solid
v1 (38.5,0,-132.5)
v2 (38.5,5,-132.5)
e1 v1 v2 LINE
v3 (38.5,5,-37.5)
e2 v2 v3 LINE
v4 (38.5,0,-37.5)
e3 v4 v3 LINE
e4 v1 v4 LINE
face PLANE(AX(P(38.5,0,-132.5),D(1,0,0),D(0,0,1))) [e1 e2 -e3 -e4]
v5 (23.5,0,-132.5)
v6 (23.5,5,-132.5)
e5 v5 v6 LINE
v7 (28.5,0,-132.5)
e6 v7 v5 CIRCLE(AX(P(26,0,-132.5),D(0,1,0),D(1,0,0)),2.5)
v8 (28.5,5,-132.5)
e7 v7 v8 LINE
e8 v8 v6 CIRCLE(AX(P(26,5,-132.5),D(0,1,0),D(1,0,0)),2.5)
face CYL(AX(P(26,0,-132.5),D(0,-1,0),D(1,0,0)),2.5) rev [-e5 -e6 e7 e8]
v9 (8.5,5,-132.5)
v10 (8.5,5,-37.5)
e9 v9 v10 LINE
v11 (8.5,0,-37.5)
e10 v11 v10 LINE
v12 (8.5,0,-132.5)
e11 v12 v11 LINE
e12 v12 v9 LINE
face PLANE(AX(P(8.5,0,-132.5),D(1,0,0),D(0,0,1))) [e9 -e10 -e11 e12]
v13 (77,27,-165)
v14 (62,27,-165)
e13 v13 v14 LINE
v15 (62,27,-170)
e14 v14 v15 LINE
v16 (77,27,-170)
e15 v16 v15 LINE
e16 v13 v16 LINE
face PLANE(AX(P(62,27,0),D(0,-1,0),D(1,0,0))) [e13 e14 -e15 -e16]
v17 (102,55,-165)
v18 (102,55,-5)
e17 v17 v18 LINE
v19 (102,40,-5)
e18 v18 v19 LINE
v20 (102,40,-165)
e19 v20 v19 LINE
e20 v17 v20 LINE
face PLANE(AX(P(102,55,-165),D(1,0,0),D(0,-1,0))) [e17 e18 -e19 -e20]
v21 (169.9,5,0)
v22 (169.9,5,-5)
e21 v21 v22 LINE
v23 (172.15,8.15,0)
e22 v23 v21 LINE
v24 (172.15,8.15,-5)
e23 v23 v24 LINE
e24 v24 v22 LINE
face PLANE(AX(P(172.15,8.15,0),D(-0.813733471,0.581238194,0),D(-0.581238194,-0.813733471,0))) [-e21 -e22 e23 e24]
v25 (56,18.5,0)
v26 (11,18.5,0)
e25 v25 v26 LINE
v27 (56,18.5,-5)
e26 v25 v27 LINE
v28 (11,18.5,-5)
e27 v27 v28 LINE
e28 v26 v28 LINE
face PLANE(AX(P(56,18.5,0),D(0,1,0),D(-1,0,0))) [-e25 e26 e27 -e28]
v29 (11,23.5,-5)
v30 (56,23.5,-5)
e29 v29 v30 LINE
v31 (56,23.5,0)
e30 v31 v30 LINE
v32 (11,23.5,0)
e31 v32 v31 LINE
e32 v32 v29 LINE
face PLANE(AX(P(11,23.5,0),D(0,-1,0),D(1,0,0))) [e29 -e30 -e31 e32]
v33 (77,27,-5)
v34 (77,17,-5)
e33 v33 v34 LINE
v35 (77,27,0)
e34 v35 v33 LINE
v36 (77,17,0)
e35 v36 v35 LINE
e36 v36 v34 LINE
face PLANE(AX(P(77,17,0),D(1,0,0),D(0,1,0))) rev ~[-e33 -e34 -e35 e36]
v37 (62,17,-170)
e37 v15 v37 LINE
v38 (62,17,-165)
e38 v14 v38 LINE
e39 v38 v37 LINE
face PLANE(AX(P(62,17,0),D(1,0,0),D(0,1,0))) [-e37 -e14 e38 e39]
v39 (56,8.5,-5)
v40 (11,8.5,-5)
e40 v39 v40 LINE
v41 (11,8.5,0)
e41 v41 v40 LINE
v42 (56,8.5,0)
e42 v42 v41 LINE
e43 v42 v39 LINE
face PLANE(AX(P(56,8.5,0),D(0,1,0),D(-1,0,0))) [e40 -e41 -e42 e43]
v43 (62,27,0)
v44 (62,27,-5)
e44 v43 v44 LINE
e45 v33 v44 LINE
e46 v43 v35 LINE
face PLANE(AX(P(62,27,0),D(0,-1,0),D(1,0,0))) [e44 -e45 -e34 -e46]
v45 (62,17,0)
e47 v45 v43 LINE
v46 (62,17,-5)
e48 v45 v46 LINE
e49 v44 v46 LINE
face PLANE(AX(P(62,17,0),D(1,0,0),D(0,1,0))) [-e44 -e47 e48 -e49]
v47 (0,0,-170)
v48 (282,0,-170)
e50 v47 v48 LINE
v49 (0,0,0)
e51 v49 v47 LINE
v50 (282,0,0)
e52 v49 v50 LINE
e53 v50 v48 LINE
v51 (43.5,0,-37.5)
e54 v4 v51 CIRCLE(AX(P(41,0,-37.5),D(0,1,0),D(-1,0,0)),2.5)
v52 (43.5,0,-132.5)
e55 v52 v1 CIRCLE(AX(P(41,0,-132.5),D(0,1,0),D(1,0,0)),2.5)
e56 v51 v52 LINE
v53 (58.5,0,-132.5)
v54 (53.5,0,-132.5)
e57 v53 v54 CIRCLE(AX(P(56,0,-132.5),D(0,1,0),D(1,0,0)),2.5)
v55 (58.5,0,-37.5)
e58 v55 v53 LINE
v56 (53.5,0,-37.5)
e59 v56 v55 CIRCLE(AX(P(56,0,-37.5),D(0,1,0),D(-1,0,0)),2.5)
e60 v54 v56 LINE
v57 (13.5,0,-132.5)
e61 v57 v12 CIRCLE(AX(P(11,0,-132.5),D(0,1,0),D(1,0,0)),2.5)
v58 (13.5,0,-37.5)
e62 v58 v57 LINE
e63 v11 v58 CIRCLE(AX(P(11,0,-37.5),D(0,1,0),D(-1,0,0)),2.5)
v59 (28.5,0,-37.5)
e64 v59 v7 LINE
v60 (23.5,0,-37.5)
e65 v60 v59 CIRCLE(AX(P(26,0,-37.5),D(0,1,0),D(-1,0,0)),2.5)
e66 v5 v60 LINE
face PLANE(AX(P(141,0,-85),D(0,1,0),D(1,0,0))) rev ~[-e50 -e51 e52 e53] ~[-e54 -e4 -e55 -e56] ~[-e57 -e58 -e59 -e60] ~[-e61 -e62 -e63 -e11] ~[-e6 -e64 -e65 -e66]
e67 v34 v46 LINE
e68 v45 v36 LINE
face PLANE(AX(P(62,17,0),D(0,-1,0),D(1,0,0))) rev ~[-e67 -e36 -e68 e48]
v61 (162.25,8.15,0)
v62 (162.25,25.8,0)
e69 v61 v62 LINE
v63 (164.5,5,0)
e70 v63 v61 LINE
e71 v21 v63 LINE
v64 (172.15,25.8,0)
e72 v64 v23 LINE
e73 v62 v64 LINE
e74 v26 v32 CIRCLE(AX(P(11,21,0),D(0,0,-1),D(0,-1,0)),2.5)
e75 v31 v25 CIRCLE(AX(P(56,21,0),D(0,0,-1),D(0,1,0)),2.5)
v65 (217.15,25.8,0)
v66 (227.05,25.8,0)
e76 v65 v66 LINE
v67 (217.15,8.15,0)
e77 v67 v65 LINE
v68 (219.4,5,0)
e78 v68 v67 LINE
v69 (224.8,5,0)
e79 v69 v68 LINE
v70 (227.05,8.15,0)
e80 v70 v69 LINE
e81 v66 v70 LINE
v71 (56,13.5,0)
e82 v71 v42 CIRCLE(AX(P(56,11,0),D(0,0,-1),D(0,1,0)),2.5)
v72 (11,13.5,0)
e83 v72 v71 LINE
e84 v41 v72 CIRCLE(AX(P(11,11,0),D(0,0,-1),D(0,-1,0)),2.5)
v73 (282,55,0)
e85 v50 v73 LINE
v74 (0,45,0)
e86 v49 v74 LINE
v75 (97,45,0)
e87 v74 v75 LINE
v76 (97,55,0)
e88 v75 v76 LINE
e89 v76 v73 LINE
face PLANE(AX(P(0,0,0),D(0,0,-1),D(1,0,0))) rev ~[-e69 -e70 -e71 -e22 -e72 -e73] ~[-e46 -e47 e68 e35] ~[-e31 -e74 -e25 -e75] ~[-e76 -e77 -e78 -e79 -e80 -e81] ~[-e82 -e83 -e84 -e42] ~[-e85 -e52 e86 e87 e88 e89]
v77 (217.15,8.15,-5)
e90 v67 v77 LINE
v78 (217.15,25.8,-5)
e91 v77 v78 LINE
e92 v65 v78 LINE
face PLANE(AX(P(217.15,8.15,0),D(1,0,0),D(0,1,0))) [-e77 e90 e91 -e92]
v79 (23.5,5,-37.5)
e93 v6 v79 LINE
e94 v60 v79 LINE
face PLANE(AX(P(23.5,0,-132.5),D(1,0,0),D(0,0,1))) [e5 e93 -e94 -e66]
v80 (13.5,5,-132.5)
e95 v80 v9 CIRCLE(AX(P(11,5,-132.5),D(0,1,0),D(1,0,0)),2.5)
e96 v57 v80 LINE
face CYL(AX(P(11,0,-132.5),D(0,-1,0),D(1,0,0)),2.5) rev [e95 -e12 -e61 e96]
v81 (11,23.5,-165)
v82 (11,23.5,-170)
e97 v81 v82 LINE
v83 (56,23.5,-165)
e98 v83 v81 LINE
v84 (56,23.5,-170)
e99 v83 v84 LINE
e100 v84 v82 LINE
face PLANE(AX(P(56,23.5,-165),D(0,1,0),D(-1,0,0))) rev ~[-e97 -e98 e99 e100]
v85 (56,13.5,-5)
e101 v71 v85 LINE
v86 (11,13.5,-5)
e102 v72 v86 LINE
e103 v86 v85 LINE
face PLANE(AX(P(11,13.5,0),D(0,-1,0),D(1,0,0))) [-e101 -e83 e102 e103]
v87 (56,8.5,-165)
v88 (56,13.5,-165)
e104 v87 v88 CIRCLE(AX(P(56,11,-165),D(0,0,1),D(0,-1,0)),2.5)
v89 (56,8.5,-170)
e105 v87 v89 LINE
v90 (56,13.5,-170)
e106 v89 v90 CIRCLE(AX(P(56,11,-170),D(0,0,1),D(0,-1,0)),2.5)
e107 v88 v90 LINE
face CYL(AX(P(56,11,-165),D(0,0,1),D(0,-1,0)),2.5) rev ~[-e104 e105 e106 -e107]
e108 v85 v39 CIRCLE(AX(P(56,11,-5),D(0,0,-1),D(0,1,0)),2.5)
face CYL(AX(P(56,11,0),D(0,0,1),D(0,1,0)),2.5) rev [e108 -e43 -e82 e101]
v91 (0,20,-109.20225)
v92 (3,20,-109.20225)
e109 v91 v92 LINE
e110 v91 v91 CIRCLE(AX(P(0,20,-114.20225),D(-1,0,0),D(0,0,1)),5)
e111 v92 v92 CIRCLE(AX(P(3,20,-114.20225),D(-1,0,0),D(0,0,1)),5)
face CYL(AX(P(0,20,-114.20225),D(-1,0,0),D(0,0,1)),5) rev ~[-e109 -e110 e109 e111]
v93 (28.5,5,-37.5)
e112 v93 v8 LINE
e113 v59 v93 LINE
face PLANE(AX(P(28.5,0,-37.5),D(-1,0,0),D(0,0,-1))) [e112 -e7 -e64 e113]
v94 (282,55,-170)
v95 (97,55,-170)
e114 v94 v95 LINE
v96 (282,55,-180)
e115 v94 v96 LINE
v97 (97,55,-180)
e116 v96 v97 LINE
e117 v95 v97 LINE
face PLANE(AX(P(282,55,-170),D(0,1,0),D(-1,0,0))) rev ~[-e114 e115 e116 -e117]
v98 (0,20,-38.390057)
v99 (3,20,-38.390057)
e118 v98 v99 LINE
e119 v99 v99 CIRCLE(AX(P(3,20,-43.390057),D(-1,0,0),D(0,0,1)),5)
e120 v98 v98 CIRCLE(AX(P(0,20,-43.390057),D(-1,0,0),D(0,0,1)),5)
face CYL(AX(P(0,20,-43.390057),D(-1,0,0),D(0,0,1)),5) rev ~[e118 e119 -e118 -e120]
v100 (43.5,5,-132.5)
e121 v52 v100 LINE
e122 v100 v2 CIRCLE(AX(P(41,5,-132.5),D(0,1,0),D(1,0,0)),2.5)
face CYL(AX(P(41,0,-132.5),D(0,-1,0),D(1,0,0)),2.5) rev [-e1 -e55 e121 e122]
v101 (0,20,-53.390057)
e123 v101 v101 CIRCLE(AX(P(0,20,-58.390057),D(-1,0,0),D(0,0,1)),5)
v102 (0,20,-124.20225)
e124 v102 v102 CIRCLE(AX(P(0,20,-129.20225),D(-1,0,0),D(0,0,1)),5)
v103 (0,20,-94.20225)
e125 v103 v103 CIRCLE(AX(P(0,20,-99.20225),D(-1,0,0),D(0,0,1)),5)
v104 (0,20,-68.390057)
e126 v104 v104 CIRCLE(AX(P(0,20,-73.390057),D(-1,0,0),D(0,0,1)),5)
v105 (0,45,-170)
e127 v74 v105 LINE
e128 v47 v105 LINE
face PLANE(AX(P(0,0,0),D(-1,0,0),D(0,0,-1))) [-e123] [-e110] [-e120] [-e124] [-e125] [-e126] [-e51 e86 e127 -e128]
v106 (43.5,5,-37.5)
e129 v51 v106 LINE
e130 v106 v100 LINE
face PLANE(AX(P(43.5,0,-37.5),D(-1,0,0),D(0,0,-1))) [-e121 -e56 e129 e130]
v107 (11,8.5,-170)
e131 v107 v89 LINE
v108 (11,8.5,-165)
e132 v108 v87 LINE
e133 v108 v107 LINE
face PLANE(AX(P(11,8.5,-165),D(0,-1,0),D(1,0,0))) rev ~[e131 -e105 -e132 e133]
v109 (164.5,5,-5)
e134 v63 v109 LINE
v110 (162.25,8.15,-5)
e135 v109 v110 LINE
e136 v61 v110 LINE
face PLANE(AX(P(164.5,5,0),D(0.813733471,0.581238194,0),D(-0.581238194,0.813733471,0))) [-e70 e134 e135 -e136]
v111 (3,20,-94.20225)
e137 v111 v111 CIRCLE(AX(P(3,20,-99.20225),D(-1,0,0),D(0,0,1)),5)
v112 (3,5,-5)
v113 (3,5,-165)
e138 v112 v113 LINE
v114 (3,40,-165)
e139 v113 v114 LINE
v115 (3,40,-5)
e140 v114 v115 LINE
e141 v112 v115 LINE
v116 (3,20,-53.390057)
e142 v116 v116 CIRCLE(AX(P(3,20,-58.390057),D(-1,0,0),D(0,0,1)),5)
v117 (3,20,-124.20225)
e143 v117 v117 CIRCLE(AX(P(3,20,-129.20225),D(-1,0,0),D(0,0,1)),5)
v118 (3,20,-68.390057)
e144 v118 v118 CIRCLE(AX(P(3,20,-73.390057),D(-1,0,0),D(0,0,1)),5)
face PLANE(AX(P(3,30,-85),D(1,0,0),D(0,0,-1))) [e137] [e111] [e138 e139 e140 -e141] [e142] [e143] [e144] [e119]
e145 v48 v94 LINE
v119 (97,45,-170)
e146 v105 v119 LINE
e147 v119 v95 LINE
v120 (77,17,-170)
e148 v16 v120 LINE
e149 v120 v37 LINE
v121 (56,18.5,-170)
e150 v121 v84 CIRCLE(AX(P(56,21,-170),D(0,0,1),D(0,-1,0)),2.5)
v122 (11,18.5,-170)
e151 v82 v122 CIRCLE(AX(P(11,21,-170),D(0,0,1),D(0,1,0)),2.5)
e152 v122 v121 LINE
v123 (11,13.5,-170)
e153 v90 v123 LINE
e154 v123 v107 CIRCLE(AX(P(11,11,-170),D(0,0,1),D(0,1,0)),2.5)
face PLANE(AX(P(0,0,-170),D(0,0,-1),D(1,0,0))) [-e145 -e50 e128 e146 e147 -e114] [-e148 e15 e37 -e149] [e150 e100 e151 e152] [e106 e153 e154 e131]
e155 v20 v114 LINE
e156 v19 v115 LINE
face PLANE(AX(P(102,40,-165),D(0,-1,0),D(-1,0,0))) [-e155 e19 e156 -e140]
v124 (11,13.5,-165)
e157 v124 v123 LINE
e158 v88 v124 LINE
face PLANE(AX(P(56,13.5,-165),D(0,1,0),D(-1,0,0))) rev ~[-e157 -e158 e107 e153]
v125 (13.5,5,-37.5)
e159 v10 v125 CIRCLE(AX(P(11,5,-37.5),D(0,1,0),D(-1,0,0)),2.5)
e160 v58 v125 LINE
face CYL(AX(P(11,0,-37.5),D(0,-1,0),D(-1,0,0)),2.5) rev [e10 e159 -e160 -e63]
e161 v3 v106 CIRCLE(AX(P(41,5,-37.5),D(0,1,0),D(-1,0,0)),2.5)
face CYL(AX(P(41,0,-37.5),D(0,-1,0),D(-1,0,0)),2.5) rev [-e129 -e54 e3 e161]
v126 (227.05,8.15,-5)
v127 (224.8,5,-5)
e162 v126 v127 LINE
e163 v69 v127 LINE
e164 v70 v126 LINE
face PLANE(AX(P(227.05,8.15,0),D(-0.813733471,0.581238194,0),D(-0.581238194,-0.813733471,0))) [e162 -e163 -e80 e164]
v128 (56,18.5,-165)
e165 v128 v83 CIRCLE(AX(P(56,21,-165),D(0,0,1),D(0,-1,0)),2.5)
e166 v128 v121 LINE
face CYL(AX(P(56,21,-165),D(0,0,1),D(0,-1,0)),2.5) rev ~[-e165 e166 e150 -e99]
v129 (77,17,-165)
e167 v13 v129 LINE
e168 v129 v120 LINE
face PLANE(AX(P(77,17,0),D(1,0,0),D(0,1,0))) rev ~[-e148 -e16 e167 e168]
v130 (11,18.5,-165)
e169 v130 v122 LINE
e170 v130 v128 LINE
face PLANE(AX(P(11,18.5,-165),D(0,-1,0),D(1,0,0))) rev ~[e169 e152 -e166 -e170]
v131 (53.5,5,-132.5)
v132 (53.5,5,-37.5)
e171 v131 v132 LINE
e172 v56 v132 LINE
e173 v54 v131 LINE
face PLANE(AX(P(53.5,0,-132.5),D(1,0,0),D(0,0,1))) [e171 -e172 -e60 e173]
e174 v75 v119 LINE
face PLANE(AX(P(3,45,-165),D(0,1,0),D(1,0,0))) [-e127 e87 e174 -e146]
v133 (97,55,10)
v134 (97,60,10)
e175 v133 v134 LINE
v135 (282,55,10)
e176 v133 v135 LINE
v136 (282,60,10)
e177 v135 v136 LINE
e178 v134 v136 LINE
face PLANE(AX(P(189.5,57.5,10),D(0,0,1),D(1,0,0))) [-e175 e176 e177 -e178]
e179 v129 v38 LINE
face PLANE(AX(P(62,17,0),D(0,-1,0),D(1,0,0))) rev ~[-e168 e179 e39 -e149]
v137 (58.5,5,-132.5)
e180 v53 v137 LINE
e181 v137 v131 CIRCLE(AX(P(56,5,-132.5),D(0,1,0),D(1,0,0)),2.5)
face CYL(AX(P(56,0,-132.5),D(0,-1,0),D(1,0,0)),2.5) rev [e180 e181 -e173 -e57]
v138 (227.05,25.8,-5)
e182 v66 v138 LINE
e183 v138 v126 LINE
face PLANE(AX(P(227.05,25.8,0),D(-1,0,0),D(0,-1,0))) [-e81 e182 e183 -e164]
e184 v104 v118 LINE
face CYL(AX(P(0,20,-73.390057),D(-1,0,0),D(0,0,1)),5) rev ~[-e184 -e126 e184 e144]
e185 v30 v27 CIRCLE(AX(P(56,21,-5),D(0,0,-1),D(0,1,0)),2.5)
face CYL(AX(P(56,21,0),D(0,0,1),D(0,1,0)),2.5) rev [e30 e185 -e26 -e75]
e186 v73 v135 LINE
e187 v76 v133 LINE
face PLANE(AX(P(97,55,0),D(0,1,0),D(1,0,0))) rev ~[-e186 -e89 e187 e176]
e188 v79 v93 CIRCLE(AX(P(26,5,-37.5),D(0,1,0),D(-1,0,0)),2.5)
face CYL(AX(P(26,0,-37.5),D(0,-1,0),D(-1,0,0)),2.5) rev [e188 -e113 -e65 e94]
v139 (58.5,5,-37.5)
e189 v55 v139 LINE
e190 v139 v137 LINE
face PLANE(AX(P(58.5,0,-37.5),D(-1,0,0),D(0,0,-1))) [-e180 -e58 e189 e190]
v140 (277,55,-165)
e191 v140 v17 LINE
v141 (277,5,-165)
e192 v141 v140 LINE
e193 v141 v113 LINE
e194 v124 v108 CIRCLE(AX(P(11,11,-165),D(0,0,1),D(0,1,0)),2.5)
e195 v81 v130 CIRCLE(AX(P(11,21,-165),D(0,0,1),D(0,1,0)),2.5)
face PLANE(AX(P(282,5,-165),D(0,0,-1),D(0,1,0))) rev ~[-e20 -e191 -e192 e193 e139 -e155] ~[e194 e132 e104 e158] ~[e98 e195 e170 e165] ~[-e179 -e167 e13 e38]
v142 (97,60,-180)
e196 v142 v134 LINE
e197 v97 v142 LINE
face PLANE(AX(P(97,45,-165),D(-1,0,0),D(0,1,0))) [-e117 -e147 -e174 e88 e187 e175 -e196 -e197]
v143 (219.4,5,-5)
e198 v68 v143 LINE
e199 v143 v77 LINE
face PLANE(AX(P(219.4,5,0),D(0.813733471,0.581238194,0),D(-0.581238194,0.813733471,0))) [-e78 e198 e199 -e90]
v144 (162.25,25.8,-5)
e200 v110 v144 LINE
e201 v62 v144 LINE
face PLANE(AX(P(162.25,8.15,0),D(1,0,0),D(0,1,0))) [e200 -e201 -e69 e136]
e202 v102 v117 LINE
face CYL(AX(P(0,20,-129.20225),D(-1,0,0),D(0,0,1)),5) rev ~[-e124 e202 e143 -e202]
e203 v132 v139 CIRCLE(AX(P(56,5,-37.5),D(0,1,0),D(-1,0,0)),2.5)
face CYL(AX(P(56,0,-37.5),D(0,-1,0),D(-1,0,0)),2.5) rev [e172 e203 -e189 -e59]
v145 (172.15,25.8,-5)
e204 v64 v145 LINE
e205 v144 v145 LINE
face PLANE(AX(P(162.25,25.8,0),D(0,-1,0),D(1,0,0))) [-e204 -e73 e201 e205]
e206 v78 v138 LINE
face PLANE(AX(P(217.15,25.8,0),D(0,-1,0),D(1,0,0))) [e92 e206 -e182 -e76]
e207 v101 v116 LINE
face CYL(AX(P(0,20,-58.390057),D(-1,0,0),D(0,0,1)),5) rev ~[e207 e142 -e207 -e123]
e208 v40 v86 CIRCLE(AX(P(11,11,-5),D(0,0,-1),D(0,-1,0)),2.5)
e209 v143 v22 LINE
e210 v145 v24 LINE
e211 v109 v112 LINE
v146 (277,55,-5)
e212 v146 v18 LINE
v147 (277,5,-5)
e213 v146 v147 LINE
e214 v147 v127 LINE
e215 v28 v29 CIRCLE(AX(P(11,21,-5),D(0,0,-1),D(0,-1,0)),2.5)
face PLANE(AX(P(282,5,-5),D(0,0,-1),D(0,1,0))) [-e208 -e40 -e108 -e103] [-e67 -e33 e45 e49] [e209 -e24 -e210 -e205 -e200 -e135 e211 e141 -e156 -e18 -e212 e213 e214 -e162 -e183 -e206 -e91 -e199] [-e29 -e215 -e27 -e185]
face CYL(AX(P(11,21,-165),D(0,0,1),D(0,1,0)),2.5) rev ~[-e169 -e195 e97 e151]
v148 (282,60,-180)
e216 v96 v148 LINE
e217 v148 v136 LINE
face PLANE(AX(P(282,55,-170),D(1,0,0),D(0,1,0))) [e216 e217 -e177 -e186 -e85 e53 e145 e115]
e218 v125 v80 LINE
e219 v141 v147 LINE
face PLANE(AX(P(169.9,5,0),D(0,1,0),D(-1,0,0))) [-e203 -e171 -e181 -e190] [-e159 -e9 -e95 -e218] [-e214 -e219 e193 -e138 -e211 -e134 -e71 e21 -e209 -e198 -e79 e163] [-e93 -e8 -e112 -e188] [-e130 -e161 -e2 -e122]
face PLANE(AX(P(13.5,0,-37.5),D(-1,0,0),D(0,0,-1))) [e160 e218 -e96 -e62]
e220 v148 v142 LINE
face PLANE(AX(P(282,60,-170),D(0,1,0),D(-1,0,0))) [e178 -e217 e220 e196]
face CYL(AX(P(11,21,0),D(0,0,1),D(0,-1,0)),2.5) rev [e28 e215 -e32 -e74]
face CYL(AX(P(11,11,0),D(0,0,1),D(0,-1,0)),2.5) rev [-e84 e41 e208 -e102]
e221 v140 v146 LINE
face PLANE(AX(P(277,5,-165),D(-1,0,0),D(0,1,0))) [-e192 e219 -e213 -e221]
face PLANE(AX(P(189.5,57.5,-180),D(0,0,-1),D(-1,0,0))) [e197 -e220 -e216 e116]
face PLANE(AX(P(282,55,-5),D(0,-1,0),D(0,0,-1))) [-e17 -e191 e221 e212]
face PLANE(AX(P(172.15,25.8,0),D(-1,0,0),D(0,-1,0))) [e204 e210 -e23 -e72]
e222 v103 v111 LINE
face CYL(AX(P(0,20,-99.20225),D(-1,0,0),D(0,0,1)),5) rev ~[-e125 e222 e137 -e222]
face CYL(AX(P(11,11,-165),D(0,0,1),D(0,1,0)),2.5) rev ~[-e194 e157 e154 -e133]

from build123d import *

# Parameters (mm, degrees)
SKETCH1_W           = 282
SKETCH1_H           = 170
BOSS_EXTRUDE1_DEPTH = 60
CUT_EXTRUDE4_DEPTH  = 5
SKETCH8_W           = 160
SKETCH8_H           = 50
CUT_EXTRUDE5_DEPTH  = 279
CUT_EXTRUDE6_DEPTH  = 5
SKETCH10_R          = 5
CUT_EXTRUDE7_DEPTH  = 5
CUT_EXTRUDE8_DEPTH  = 5
CUT_EXTRUDE9_START  = -5
CUT_EXTRUDE9_DEPTH  = 5
SKETCH14_W          = 185
SKETCH14_H          = 5
BOSS_EXTRUDE2_DEPTH = 10
SKETCH15_W          = 185
SKETCH15_H          = 5
BOSS_EXTRUDE3_DEPTH = 10
SKETCH16_W          = 97
SKETCH16_H          = 15
CUT_EXTRUDE10_DEPTH = 170
BOSS_EXTRUDE4_DEPTH = 160
SKETCH18_W          = 15
SKETCH18_H          = 10
CUT_EXTRUDE11_DEPTH = 340.888216918
BOSS_EXTRUDE5_REACH = 339.267
SKETCH19_W          = 5
SKETCH19_H          = 50


with BuildPart() as part:
    # Sketch1 → Boss-Extrude1 (new body)
    with BuildSketch(Plane(origin=(0, 0, 0), x_dir=(1, 0, 0), z_dir=(0, 1, 0))):
        with Locations((141, 85)):
            Rectangle(SKETCH1_W, SKETCH1_H)
    extrude(amount=BOSS_EXTRUDE1_DEPTH)

    # Sketch7 → Cut-Extrude4 (cut)
    with BuildSketch(Plane.XZ):
        with BuildLine():
            Line((13.5, -37.5), (13.5, -132.5))
            ThreePointArc((13.5, -132.5), (11, -135), (8.5, -132.5))
            Line((8.5, -132.5), (8.5, -37.5))
            ThreePointArc((8.5, -37.5), (11, -35), (13.5, -37.5))
        make_face()
        with BuildLine():
            Line((58.5, -37.5), (58.5, -132.5))
            ThreePointArc((58.5, -132.5), (56, -135), (53.5, -132.5))
            Line((53.5, -132.5), (53.5, -37.5))
            ThreePointArc((53.5, -37.5), (56, -35), (58.5, -37.5))
        make_face()
        with BuildLine():
            Line((28.5, -37.5), (28.5, -132.5))
            ThreePointArc((28.5, -132.5), (26, -135), (23.5, -132.5))
            Line((23.5, -132.5), (23.5, -37.5))
            ThreePointArc((23.5, -37.5), (26, -35), (28.5, -37.5))
        make_face()
        with BuildLine():
            Line((43.5, -37.5), (43.5, -132.5))
            ThreePointArc((43.5, -132.5), (41, -135), (38.5, -132.5))
            Line((38.5, -132.5), (38.5, -37.5))
            ThreePointArc((38.5, -37.5), (41, -35), (43.5, -37.5))
        make_face()
    extrude(amount=-CUT_EXTRUDE4_DEPTH, mode=Mode.SUBTRACT)

    # Sketch8 → Cut-Extrude5 (cut)
    with BuildSketch(Plane(origin=(282, 0, 0), x_dir=(0, 0, -1), z_dir=(1, 0, 0))):
        with Locations((85, 30)):
            Rectangle(SKETCH8_W, SKETCH8_H)
    extrude(amount=-CUT_EXTRUDE5_DEPTH, mode=Mode.SUBTRACT)

    # Sketch9 → Cut-Extrude6 (cut)
    with BuildSketch(Plane.XY):
        Polygon((217.15, 25.8), (227.05, 25.8), (227.05, 8.15), (224.8, 5), (219.4, 5), (217.15, 8.15), align=None)
        Polygon((162.25, 25.8), (172.15, 25.8), (172.15, 8.15), (169.9, 5), (164.5, 5), (162.25, 8.15), align=None)
    extrude(amount=-CUT_EXTRUDE6_DEPTH, mode=Mode.SUBTRACT)

    # Sketch10 → Cut-Extrude7 (cut)
    with BuildSketch(Plane.ZY):
        with Locations((-129.202249563, 20)):
            Circle(SKETCH10_R)
        with Locations((-114.202249563, 20)):
            Circle(SKETCH10_R)
        with Locations((-99.202249563, 20)):
            Circle(SKETCH10_R)
        with Locations((-43.390057257, 20)):
            Circle(SKETCH10_R)
        with Locations((-58.390057257, 20)):
            Circle(SKETCH10_R)
        with Locations((-73.390057257, 20)):
            Circle(SKETCH10_R)
    extrude(amount=-CUT_EXTRUDE7_DEPTH, mode=Mode.SUBTRACT)

    # Sketch11 → Cut-Extrude8 (cut)
    with BuildSketch(Plane.XY):
        with BuildLine():
            Line((11, 13.5), (56, 13.5))
            ThreePointArc((56, 13.5), (58.5, 11), (56, 8.5))
            Line((56, 8.5), (11, 8.5))
            ThreePointArc((11, 8.5), (8.5, 11), (11, 13.5))
        make_face()
        with BuildLine():
            Line((11, 23.5), (56, 23.5))
            ThreePointArc((56, 23.5), (58.5, 21), (56, 18.5))
            Line((56, 18.5), (11, 18.5))
            ThreePointArc((11, 18.5), (8.5, 21), (11, 23.5))
        make_face()
    extrude(amount=-CUT_EXTRUDE8_DEPTH, mode=Mode.SUBTRACT)

    # Sketch12 → Cut-Extrude9 (cut)
    with BuildSketch(Plane(origin=(0, 0, -170), x_dir=(-1, 0, 0), z_dir=(0, 0, -1)).offset(CUT_EXTRUDE9_START)):
        with BuildLine():
            Line((-56, 13.5), (-11, 13.5))
            ThreePointArc((-11, 13.5), (-8.5, 11), (-11, 8.5))
            Line((-11, 8.5), (-56, 8.5))
            ThreePointArc((-56, 8.5), (-58.5, 11), (-56, 13.5))
        make_face()
        with BuildLine():
            Line((-56, 23.5), (-11, 23.5))
            ThreePointArc((-11, 23.5), (-8.5, 21), (-11, 18.5))
            Line((-11, 18.5), (-56, 18.5))
            ThreePointArc((-56, 18.5), (-58.5, 21), (-56, 23.5))
        make_face()
    extrude(amount=CUT_EXTRUDE9_DEPTH, mode=Mode.SUBTRACT)

    # Sketch14 → Boss-Extrude2 (add)
    with BuildSketch(Plane.XY):
        with Locations((189.5, 57.5)):
            Rectangle(SKETCH14_W, SKETCH14_H)
    extrude(amount=BOSS_EXTRUDE2_DEPTH)

    # Sketch15 → Boss-Extrude3 (add)
    with BuildSketch(Plane(origin=(0, 0, -170), x_dir=(-1, 0, 0), z_dir=(0, 0, -1))):
        with Locations((-189.5, 57.5)):
            Rectangle(SKETCH15_W, SKETCH15_H)
    extrude(amount=BOSS_EXTRUDE3_DEPTH)

    # Sketch16 → Cut-Extrude10 (cut)
    with BuildSketch(Plane.XY):
        with Locations((48.5, 52.5)):
            Rectangle(SKETCH16_W, SKETCH16_H)
    extrude(amount=-CUT_EXTRUDE10_DEPTH, mode=Mode.SUBTRACT)

    # Sketch17 → Boss-Extrude4 (add)
    with BuildSketch(Plane.XY.offset(-165)):
        Polygon((3, 45), (97, 45), (97, 55), (102, 55), (102, 40), (3, 40), align=None)
    extrude(amount=BOSS_EXTRUDE4_DEPTH)

    # Sketch18 → Cut-Extrude11 (cut, through all)
    with BuildSketch(Plane.XY):
        with Locations((69.5, 22)):
            Rectangle(SKETCH18_W, SKETCH18_H)
    extrude(amount=-CUT_EXTRUDE11_DEPTH, mode=Mode.SUBTRACT)

    # Sketch19 → Boss-Extrude5 (add, up to next)
    with BuildSketch(Plane.XY.offset(-165), mode=Mode.PRIVATE) as boss_extrude5_sk1:
        with Locations((279.5, 30)):
            Rectangle(SKETCH19_W, SKETCH19_H)
    boss_extrude5_tool1 = extrude(boss_extrude5_sk1.sketch, amount=BOSS_EXTRUDE5_REACH, mode=Mode.PRIVATE) - part.part
    add(boss_extrude5_tool1.solids().sort_by_distance((279.5, 30, -165))[0])


solid = part.part
